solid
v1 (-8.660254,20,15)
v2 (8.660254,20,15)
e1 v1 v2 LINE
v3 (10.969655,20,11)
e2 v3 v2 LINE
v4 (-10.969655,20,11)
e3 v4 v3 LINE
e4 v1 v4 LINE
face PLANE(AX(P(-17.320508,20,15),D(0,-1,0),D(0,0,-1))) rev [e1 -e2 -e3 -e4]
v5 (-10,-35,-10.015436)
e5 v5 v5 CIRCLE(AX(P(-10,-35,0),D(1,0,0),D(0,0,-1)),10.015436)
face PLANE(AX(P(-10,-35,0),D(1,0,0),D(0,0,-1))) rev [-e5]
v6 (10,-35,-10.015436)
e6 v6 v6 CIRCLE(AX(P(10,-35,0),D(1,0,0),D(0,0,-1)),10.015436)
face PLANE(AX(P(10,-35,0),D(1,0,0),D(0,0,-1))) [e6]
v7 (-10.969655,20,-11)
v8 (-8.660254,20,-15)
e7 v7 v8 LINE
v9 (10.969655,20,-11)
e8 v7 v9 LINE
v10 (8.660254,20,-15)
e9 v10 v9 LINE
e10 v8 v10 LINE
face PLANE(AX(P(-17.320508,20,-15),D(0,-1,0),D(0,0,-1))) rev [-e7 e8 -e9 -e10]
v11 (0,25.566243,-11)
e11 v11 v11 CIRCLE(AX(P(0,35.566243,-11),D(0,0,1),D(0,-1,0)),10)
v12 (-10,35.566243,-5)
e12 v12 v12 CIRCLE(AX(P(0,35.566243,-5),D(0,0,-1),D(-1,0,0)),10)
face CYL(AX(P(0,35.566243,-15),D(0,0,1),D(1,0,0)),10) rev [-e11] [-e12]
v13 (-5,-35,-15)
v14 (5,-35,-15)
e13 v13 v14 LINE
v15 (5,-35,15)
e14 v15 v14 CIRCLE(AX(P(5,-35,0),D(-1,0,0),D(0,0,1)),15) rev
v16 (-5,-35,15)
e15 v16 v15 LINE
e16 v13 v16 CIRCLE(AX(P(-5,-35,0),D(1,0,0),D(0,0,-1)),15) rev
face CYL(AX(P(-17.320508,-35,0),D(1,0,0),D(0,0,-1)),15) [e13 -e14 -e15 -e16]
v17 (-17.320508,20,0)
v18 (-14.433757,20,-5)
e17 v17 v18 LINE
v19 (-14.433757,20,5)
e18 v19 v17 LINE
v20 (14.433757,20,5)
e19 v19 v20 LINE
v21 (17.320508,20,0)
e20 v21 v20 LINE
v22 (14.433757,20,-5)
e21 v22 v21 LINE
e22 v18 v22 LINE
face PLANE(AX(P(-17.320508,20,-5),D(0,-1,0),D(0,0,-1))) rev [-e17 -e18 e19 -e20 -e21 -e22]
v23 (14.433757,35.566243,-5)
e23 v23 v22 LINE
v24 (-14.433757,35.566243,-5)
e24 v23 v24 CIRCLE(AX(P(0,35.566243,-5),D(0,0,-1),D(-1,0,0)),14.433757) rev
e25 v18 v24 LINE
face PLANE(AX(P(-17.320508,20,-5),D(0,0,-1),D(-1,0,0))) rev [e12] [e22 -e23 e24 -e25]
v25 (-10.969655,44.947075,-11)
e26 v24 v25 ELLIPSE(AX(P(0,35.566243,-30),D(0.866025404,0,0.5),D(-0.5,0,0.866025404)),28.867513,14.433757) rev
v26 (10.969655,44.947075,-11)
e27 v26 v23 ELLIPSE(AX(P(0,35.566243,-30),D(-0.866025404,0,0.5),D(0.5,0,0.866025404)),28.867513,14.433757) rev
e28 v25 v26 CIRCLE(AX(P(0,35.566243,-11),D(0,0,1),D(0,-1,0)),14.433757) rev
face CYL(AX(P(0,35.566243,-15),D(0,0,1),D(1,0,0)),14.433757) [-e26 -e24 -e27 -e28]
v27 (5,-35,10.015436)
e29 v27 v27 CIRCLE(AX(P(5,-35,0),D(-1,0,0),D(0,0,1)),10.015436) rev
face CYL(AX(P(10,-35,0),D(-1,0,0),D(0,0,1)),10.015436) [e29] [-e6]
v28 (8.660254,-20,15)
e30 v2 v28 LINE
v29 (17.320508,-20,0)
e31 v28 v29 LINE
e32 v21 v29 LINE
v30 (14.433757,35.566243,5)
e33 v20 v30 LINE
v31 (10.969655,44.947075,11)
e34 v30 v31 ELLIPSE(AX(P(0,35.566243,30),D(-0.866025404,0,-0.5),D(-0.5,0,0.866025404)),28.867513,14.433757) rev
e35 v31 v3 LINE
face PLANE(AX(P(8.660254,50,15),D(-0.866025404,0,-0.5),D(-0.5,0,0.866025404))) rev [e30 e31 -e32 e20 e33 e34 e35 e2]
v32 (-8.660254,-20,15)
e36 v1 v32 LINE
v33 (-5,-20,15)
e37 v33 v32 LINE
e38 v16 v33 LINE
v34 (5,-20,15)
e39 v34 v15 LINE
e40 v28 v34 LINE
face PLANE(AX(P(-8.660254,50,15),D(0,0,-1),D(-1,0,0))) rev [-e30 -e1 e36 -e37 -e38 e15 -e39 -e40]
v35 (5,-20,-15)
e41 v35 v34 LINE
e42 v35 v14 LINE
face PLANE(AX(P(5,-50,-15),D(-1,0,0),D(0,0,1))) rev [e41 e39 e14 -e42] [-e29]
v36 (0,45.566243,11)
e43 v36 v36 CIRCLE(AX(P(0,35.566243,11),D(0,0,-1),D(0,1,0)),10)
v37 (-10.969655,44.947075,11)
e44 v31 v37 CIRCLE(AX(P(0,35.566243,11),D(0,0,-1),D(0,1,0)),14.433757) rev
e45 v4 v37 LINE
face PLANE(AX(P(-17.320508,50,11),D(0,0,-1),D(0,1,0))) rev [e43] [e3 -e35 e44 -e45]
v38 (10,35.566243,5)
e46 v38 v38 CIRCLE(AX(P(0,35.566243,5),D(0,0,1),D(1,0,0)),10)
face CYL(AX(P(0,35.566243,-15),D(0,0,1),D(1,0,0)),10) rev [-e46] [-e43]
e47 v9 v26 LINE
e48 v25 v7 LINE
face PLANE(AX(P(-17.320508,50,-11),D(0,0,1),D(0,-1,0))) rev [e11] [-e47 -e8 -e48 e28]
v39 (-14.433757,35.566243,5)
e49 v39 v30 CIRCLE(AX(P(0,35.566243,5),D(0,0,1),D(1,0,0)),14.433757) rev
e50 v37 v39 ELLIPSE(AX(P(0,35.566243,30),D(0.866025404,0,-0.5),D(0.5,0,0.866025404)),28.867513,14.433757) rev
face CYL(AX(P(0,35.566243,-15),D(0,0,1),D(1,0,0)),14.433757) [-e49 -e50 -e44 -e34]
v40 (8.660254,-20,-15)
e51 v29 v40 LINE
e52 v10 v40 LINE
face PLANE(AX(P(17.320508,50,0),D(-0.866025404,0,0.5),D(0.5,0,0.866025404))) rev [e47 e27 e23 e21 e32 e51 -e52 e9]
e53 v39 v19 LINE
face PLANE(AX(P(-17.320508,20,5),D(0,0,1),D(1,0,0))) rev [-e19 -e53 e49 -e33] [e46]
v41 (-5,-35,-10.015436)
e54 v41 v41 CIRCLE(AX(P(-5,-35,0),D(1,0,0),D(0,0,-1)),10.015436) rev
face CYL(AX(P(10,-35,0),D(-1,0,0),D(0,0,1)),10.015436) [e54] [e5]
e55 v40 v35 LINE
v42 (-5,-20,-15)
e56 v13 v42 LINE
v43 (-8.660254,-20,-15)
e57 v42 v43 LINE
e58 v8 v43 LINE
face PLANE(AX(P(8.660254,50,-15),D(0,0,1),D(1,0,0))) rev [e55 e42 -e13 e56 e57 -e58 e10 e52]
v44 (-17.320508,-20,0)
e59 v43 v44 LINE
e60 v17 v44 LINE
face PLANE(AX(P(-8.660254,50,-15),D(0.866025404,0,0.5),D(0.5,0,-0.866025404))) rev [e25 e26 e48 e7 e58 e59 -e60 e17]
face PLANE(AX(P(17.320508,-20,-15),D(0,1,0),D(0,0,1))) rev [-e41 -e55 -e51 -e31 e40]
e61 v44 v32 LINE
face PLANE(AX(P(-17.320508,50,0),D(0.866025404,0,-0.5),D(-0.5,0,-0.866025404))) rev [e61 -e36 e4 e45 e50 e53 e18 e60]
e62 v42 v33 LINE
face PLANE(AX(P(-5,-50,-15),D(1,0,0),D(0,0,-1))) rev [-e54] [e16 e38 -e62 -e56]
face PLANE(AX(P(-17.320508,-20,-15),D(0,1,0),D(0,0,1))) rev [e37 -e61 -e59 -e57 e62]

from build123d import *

# Parameters (mm, degrees)
SALIENTE_EXTRUIR1_DEPTH    = 50
CORTAR_EXTRUIR1_DEPTH      = 56
CORTAR_EXTRUIR1_DEPTH_BACK = 56
CROQUIS2_W                 = 12.320508076
CROQUIS2_H                 = 30
CORTAR_EXTRUIR2_DEPTH      = 57.773277876
CORTAR_EXTRUIR2_DEPTH_BACK = 57.773277876
CROQUIS5_R                 = 10.01543576
SALIENTE_EXTRUIR2_DEPTH    = 10
CORTAR_EXTRUIR3_DEPTH      = 56
CORTAR_EXTRUIR3_DEPTH_BACK = 56
CROQUIS6_W                 = 10
CROQUIS6_H                 = 30
CROQUIS6_W_2               = 4
CORTAR_EXTRUIR4_DEPTH      = 56
CORTAR_EXTRUIR4_DEPTH_BACK = 56
CROQUIS7_R                 = 10


with BuildPart() as part:
    # Croquis1 → Saliente-Extruir1 (new, symmetric)
    with BuildSketch(Plane(origin=(0, 0, 0), x_dir=(1, 0, 0), z_dir=(0, 1, 0))):
        Polygon((-17.320508076, 0), (-8.660254038, -15), (8.660254038, -15), (17.320508076, 0), (8.660254038, 15), (-8.660254038, 15), align=None)
    extrude(amount=SALIENTE_EXTRUIR1_DEPTH, both=True)

    # Croquis2 → Cortar-Extruir1 (cut, two sides: drawn at the far end of the back side and taken through both)
    with BuildSketch(Plane.XY.offset(-CORTAR_EXTRUIR1_DEPTH_BACK)):
        with Locations((-11.160254038, -35)):
            Rectangle(CROQUIS2_W, CROQUIS2_H)
        with Locations((11.160254038, -35)):
            Rectangle(CROQUIS2_W, CROQUIS2_H)
    extrude(amount=CORTAR_EXTRUIR1_DEPTH + CORTAR_EXTRUIR1_DEPTH_BACK, mode=Mode.SUBTRACT)

    # Croquis3 → Cortar-Extruir2 (cut, two sides: drawn at the far end of the back side and taken through both)
    with BuildSketch(Plane(origin=(5, 0, 0), x_dir=(0, 0, -1), z_dir=(1, 0, 0)).offset(-CORTAR_EXTRUIR2_DEPTH_BACK)):
        with BuildLine():
            Line((-15, -35), (-15, -53.002669734))
            Line((-15, -53.002669734), (15, -53.002669734))
            Line((15, -53.002669734), (15, -35))
            ThreePointArc((15, -35), (0, -50), (-15, -35))
        make_face()
    extrude(amount=CORTAR_EXTRUIR2_DEPTH + CORTAR_EXTRUIR2_DEPTH_BACK, mode=Mode.SUBTRACT)

    # Croquis5 → Saliente-Extruir2 (add, symmetric)
    with BuildSketch(Plane(origin=(0, 0, 0), x_dir=(0, 0, -1), z_dir=(1, 0, 0))):
        with Locations((0, -35)):
            Circle(CROQUIS5_R)
    extrude(amount=SALIENTE_EXTRUIR2_DEPTH, both=True)

    # Croquis6 → Cortar-Extruir3 (cut, two sides: drawn at the far end of the back side and taken through both)
    with BuildSketch(Plane(origin=(0, 0, 0), x_dir=(0, 0, -1), z_dir=(1, 0, 0)).offset(-CORTAR_EXTRUIR3_DEPTH_BACK)):
        with Locations((0, 35)):
            Rectangle(CROQUIS6_W, CROQUIS6_H)
        with Locations((-13, 35)):
            Rectangle(CROQUIS6_W_2, CROQUIS6_H)
        with Locations((13, 35)):
            Rectangle(CROQUIS6_W_2, CROQUIS6_H)
    extrude(amount=CORTAR_EXTRUIR3_DEPTH + CORTAR_EXTRUIR3_DEPTH_BACK, mode=Mode.SUBTRACT)

    # Croquis7 → Cortar-Extruir4 (cut, two sides: drawn at the far end of the back side and taken through both)
    with BuildSketch(Plane.XY.offset(-CORTAR_EXTRUIR4_DEPTH_BACK)):
        with Locations(Location((0, 35.56624327, 0), (0, 0, 270))):
            Circle(CROQUIS7_R)
        with BuildLine():
            Line((-14.43375673, 35.56624327), (-14.43375673, 54.061973256))
            Line((-14.43375673, 54.061973256), (14.43375673, 54.061973256))
            Line((14.43375673, 54.061973256), (14.43375673, 35.56624327))
            ThreePointArc((14.43375673, 35.56624327), (0, 50), (-14.43375673, 35.56624327))
        make_face()
    extrude(amount=CORTAR_EXTRUIR4_DEPTH + CORTAR_EXTRUIR4_DEPTH_BACK, mode=Mode.SUBTRACT)


solid = part.part
